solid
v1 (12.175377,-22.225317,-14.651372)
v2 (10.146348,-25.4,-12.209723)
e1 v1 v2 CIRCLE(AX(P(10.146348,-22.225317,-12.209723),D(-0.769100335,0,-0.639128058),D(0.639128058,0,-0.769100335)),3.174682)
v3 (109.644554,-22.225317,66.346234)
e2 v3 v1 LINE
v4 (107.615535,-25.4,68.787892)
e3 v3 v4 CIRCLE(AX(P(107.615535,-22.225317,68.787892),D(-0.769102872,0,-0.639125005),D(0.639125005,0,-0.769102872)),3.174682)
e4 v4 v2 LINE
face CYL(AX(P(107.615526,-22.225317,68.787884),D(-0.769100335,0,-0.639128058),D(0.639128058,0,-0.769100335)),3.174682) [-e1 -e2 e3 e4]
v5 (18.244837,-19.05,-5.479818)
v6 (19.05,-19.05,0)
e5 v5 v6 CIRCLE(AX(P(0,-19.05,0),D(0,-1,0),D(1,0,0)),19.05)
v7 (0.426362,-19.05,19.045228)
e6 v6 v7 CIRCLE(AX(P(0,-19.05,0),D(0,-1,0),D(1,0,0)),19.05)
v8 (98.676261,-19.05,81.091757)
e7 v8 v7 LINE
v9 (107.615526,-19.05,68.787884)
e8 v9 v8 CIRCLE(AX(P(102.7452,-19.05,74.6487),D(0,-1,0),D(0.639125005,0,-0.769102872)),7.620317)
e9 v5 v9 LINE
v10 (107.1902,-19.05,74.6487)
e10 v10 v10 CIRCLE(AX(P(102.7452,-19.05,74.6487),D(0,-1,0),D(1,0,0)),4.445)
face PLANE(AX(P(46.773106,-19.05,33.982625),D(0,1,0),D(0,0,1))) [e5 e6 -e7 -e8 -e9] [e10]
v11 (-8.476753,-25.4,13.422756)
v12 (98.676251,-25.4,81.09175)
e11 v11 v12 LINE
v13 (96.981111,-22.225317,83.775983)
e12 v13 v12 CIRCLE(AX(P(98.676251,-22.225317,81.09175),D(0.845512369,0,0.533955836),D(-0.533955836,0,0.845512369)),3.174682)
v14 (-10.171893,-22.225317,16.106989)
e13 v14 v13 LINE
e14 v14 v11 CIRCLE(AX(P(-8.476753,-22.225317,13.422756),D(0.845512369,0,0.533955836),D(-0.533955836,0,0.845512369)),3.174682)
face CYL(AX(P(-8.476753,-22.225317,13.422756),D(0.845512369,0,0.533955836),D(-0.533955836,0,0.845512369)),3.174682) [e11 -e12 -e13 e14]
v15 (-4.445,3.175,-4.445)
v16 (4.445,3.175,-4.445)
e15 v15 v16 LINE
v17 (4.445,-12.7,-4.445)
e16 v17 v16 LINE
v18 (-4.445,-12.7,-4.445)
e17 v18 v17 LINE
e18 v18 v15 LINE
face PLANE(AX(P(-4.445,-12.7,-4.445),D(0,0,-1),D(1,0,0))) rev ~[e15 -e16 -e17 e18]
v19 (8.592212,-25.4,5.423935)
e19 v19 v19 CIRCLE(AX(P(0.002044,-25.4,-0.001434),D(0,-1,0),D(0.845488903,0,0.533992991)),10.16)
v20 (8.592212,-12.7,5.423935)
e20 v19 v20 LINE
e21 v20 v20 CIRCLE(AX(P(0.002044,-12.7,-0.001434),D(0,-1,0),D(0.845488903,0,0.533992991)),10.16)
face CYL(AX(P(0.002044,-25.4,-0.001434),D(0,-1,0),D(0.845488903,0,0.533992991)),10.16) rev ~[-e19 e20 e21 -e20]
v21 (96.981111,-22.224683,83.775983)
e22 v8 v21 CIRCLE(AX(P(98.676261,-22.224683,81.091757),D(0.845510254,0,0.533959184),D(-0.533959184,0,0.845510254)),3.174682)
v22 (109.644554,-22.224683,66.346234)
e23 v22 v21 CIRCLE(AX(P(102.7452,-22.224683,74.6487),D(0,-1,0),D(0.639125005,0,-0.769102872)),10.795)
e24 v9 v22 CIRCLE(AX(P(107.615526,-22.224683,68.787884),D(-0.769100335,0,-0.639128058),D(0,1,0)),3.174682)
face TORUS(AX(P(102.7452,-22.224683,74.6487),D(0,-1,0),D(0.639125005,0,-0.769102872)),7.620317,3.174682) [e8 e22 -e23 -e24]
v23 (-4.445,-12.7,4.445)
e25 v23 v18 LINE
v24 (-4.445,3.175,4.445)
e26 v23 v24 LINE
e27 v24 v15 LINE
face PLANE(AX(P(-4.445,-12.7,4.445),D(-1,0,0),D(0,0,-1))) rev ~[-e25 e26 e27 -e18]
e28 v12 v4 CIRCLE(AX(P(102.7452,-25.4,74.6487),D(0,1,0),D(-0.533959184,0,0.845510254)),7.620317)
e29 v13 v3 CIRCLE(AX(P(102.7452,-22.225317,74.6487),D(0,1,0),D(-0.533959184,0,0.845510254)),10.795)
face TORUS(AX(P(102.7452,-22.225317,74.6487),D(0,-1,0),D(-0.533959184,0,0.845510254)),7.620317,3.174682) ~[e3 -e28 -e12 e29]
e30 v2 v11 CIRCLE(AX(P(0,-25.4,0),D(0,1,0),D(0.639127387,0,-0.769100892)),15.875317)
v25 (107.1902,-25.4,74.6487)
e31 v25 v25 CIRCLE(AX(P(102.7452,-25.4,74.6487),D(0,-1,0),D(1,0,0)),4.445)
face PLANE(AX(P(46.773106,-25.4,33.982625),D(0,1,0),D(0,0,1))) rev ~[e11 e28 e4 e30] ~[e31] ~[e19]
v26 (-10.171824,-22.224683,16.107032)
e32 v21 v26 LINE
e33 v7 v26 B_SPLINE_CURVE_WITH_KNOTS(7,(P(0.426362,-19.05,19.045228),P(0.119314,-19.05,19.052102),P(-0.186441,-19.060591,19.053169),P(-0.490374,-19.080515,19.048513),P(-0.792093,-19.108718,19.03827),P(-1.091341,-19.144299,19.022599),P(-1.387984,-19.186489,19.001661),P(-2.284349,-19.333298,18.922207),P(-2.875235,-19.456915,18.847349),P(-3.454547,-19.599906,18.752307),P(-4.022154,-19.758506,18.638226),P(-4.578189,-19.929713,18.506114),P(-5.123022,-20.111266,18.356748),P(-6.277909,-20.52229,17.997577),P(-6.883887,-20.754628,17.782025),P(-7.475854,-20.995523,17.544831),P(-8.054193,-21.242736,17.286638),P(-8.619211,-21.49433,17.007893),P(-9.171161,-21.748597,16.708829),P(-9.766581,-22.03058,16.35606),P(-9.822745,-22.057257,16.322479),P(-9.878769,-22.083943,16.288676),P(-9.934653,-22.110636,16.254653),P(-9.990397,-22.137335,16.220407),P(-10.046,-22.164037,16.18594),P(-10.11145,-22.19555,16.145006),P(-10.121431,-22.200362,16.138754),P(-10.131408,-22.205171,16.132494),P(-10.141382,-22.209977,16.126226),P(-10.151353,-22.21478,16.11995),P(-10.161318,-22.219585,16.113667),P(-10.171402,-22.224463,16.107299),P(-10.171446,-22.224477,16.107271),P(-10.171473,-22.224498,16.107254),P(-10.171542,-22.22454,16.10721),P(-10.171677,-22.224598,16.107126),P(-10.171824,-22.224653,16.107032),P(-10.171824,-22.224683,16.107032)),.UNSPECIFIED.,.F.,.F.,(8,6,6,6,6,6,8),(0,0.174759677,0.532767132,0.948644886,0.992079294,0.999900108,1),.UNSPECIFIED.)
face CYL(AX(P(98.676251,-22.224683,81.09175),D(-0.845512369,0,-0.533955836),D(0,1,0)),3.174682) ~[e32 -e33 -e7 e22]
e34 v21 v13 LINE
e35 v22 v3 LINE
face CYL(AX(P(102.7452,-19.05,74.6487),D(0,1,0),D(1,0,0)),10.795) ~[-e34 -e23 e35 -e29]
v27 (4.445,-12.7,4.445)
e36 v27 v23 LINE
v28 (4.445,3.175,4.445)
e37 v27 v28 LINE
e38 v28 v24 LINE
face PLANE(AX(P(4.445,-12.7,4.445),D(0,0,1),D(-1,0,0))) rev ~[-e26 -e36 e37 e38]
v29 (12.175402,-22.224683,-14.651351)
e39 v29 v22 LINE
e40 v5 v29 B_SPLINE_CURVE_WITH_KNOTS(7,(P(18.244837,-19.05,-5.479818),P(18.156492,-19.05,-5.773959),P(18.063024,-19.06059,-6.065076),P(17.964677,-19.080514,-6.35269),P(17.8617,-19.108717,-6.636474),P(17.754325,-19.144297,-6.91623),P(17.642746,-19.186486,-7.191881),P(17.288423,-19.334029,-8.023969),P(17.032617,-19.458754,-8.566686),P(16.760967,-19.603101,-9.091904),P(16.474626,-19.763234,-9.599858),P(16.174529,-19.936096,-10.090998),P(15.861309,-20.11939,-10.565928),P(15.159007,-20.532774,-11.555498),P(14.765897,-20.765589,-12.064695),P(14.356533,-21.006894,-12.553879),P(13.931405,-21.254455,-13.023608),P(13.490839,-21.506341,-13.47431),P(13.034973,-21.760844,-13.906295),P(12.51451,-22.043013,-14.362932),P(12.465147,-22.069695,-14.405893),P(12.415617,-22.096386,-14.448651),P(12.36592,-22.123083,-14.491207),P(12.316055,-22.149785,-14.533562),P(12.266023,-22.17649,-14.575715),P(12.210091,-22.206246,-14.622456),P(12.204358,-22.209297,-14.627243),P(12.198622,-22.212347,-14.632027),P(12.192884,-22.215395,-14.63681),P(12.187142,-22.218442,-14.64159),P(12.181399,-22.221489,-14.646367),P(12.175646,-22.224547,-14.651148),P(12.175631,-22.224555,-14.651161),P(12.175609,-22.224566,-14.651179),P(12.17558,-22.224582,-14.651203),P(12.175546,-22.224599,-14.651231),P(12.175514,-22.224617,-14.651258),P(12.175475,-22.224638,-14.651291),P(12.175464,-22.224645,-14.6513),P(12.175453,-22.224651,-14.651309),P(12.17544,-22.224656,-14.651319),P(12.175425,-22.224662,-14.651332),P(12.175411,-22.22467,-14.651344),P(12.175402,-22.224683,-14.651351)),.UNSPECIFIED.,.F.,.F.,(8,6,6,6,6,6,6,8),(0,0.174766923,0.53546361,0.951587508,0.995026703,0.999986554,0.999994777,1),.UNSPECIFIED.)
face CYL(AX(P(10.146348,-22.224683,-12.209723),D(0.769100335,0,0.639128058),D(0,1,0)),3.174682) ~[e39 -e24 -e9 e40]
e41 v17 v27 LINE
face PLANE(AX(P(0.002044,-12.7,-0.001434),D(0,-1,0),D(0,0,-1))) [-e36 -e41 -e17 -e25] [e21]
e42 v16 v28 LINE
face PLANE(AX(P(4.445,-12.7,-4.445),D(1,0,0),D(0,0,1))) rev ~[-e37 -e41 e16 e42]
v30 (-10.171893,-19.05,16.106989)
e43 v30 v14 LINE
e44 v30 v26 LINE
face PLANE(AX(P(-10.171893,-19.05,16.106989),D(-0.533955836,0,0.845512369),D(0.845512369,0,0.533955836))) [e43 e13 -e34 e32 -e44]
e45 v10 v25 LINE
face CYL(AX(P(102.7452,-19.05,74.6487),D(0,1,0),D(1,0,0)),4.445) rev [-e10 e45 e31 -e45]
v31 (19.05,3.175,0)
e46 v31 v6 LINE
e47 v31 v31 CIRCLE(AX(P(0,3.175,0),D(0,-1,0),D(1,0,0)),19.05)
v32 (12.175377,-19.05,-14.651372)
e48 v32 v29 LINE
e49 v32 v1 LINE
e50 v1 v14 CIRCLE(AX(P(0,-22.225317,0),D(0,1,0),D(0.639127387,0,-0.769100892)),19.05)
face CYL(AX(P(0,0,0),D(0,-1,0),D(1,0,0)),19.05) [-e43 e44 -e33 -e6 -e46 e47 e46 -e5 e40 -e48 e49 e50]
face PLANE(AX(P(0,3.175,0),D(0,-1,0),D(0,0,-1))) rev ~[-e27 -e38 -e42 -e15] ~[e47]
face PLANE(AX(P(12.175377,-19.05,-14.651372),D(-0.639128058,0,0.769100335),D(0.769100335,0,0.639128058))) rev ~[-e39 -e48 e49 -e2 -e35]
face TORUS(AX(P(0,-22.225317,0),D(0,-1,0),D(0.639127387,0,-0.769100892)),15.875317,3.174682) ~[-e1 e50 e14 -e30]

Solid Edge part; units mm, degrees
sketch "Sketch1" plane through (0, 0, 0) normal (0, -1, 0) x (1, 0, 0)
  circle A0 centre (0, 0) radius 19.05
extrude "Hub" add sketch "Sketch1" against normal blind 3.175 and the other way blind 19.05
sketch "Sketch2" plane through (0, -19.05, 0) normal (0, -1, 0) x (1, 0, 0)
  line L0 (-10.1719, 16.107) -> (96.9811, 83.776)
  arc A0 (109.6445, 66.3463) -> (96.9811, 83.776) centre (102.7452, 74.6487) ccw
  line L1 (12.1754, -14.6514) -> (109.6445, 66.3463)
  arc A1 (-10.1719, 16.107) -> (12.1754, -14.6514) centre (0, 0) ccw
  circle A2 centre (102.7452, 74.6487) radius 4.445
  dimension "D1" = 127
  dimension "D2" = 10.795
extrude "Crank_Arm" add sketch "Sketch2" along normal blind 6.35
fillet "Round_8" radius 3.175 4 edges at (43.4046, -25.4, 49.9415) (-15.4118, -25.4, -11.1973) (111.4785, -25.4, 80.9939) (111.4785, -19.05, 80.9939)
sketch "Sketch3" plane through (33.1969, -25.4, 47.2451) normal (0, -1, 0) x (0.8455, 0, 0.534)
  circle A0 centre (-53.2952, -22.2206) radius 10.16
extrude "ExtrudedCutout_1" cut sketch "Sketch3" against normal blind 12.7
sketch "Sketch4" plane through (0, -12.7, 0) normal (0, -1, 0) x (0, 0, 1)
  line L0 (-4.445, -4.445) -> (4.445, -4.445)
  line L1 (4.445, -4.445) -> (4.445, 4.445)
  line L2 (4.445, 4.445) -> (-4.445, 4.445)
  line L3 (-4.445, 4.445) -> (-4.445, -4.445)
extrude "Cutout1" cut sketch "Sketch4" against normal through all
properties part number "8-12" material "Aluminum, 7075-T6"
